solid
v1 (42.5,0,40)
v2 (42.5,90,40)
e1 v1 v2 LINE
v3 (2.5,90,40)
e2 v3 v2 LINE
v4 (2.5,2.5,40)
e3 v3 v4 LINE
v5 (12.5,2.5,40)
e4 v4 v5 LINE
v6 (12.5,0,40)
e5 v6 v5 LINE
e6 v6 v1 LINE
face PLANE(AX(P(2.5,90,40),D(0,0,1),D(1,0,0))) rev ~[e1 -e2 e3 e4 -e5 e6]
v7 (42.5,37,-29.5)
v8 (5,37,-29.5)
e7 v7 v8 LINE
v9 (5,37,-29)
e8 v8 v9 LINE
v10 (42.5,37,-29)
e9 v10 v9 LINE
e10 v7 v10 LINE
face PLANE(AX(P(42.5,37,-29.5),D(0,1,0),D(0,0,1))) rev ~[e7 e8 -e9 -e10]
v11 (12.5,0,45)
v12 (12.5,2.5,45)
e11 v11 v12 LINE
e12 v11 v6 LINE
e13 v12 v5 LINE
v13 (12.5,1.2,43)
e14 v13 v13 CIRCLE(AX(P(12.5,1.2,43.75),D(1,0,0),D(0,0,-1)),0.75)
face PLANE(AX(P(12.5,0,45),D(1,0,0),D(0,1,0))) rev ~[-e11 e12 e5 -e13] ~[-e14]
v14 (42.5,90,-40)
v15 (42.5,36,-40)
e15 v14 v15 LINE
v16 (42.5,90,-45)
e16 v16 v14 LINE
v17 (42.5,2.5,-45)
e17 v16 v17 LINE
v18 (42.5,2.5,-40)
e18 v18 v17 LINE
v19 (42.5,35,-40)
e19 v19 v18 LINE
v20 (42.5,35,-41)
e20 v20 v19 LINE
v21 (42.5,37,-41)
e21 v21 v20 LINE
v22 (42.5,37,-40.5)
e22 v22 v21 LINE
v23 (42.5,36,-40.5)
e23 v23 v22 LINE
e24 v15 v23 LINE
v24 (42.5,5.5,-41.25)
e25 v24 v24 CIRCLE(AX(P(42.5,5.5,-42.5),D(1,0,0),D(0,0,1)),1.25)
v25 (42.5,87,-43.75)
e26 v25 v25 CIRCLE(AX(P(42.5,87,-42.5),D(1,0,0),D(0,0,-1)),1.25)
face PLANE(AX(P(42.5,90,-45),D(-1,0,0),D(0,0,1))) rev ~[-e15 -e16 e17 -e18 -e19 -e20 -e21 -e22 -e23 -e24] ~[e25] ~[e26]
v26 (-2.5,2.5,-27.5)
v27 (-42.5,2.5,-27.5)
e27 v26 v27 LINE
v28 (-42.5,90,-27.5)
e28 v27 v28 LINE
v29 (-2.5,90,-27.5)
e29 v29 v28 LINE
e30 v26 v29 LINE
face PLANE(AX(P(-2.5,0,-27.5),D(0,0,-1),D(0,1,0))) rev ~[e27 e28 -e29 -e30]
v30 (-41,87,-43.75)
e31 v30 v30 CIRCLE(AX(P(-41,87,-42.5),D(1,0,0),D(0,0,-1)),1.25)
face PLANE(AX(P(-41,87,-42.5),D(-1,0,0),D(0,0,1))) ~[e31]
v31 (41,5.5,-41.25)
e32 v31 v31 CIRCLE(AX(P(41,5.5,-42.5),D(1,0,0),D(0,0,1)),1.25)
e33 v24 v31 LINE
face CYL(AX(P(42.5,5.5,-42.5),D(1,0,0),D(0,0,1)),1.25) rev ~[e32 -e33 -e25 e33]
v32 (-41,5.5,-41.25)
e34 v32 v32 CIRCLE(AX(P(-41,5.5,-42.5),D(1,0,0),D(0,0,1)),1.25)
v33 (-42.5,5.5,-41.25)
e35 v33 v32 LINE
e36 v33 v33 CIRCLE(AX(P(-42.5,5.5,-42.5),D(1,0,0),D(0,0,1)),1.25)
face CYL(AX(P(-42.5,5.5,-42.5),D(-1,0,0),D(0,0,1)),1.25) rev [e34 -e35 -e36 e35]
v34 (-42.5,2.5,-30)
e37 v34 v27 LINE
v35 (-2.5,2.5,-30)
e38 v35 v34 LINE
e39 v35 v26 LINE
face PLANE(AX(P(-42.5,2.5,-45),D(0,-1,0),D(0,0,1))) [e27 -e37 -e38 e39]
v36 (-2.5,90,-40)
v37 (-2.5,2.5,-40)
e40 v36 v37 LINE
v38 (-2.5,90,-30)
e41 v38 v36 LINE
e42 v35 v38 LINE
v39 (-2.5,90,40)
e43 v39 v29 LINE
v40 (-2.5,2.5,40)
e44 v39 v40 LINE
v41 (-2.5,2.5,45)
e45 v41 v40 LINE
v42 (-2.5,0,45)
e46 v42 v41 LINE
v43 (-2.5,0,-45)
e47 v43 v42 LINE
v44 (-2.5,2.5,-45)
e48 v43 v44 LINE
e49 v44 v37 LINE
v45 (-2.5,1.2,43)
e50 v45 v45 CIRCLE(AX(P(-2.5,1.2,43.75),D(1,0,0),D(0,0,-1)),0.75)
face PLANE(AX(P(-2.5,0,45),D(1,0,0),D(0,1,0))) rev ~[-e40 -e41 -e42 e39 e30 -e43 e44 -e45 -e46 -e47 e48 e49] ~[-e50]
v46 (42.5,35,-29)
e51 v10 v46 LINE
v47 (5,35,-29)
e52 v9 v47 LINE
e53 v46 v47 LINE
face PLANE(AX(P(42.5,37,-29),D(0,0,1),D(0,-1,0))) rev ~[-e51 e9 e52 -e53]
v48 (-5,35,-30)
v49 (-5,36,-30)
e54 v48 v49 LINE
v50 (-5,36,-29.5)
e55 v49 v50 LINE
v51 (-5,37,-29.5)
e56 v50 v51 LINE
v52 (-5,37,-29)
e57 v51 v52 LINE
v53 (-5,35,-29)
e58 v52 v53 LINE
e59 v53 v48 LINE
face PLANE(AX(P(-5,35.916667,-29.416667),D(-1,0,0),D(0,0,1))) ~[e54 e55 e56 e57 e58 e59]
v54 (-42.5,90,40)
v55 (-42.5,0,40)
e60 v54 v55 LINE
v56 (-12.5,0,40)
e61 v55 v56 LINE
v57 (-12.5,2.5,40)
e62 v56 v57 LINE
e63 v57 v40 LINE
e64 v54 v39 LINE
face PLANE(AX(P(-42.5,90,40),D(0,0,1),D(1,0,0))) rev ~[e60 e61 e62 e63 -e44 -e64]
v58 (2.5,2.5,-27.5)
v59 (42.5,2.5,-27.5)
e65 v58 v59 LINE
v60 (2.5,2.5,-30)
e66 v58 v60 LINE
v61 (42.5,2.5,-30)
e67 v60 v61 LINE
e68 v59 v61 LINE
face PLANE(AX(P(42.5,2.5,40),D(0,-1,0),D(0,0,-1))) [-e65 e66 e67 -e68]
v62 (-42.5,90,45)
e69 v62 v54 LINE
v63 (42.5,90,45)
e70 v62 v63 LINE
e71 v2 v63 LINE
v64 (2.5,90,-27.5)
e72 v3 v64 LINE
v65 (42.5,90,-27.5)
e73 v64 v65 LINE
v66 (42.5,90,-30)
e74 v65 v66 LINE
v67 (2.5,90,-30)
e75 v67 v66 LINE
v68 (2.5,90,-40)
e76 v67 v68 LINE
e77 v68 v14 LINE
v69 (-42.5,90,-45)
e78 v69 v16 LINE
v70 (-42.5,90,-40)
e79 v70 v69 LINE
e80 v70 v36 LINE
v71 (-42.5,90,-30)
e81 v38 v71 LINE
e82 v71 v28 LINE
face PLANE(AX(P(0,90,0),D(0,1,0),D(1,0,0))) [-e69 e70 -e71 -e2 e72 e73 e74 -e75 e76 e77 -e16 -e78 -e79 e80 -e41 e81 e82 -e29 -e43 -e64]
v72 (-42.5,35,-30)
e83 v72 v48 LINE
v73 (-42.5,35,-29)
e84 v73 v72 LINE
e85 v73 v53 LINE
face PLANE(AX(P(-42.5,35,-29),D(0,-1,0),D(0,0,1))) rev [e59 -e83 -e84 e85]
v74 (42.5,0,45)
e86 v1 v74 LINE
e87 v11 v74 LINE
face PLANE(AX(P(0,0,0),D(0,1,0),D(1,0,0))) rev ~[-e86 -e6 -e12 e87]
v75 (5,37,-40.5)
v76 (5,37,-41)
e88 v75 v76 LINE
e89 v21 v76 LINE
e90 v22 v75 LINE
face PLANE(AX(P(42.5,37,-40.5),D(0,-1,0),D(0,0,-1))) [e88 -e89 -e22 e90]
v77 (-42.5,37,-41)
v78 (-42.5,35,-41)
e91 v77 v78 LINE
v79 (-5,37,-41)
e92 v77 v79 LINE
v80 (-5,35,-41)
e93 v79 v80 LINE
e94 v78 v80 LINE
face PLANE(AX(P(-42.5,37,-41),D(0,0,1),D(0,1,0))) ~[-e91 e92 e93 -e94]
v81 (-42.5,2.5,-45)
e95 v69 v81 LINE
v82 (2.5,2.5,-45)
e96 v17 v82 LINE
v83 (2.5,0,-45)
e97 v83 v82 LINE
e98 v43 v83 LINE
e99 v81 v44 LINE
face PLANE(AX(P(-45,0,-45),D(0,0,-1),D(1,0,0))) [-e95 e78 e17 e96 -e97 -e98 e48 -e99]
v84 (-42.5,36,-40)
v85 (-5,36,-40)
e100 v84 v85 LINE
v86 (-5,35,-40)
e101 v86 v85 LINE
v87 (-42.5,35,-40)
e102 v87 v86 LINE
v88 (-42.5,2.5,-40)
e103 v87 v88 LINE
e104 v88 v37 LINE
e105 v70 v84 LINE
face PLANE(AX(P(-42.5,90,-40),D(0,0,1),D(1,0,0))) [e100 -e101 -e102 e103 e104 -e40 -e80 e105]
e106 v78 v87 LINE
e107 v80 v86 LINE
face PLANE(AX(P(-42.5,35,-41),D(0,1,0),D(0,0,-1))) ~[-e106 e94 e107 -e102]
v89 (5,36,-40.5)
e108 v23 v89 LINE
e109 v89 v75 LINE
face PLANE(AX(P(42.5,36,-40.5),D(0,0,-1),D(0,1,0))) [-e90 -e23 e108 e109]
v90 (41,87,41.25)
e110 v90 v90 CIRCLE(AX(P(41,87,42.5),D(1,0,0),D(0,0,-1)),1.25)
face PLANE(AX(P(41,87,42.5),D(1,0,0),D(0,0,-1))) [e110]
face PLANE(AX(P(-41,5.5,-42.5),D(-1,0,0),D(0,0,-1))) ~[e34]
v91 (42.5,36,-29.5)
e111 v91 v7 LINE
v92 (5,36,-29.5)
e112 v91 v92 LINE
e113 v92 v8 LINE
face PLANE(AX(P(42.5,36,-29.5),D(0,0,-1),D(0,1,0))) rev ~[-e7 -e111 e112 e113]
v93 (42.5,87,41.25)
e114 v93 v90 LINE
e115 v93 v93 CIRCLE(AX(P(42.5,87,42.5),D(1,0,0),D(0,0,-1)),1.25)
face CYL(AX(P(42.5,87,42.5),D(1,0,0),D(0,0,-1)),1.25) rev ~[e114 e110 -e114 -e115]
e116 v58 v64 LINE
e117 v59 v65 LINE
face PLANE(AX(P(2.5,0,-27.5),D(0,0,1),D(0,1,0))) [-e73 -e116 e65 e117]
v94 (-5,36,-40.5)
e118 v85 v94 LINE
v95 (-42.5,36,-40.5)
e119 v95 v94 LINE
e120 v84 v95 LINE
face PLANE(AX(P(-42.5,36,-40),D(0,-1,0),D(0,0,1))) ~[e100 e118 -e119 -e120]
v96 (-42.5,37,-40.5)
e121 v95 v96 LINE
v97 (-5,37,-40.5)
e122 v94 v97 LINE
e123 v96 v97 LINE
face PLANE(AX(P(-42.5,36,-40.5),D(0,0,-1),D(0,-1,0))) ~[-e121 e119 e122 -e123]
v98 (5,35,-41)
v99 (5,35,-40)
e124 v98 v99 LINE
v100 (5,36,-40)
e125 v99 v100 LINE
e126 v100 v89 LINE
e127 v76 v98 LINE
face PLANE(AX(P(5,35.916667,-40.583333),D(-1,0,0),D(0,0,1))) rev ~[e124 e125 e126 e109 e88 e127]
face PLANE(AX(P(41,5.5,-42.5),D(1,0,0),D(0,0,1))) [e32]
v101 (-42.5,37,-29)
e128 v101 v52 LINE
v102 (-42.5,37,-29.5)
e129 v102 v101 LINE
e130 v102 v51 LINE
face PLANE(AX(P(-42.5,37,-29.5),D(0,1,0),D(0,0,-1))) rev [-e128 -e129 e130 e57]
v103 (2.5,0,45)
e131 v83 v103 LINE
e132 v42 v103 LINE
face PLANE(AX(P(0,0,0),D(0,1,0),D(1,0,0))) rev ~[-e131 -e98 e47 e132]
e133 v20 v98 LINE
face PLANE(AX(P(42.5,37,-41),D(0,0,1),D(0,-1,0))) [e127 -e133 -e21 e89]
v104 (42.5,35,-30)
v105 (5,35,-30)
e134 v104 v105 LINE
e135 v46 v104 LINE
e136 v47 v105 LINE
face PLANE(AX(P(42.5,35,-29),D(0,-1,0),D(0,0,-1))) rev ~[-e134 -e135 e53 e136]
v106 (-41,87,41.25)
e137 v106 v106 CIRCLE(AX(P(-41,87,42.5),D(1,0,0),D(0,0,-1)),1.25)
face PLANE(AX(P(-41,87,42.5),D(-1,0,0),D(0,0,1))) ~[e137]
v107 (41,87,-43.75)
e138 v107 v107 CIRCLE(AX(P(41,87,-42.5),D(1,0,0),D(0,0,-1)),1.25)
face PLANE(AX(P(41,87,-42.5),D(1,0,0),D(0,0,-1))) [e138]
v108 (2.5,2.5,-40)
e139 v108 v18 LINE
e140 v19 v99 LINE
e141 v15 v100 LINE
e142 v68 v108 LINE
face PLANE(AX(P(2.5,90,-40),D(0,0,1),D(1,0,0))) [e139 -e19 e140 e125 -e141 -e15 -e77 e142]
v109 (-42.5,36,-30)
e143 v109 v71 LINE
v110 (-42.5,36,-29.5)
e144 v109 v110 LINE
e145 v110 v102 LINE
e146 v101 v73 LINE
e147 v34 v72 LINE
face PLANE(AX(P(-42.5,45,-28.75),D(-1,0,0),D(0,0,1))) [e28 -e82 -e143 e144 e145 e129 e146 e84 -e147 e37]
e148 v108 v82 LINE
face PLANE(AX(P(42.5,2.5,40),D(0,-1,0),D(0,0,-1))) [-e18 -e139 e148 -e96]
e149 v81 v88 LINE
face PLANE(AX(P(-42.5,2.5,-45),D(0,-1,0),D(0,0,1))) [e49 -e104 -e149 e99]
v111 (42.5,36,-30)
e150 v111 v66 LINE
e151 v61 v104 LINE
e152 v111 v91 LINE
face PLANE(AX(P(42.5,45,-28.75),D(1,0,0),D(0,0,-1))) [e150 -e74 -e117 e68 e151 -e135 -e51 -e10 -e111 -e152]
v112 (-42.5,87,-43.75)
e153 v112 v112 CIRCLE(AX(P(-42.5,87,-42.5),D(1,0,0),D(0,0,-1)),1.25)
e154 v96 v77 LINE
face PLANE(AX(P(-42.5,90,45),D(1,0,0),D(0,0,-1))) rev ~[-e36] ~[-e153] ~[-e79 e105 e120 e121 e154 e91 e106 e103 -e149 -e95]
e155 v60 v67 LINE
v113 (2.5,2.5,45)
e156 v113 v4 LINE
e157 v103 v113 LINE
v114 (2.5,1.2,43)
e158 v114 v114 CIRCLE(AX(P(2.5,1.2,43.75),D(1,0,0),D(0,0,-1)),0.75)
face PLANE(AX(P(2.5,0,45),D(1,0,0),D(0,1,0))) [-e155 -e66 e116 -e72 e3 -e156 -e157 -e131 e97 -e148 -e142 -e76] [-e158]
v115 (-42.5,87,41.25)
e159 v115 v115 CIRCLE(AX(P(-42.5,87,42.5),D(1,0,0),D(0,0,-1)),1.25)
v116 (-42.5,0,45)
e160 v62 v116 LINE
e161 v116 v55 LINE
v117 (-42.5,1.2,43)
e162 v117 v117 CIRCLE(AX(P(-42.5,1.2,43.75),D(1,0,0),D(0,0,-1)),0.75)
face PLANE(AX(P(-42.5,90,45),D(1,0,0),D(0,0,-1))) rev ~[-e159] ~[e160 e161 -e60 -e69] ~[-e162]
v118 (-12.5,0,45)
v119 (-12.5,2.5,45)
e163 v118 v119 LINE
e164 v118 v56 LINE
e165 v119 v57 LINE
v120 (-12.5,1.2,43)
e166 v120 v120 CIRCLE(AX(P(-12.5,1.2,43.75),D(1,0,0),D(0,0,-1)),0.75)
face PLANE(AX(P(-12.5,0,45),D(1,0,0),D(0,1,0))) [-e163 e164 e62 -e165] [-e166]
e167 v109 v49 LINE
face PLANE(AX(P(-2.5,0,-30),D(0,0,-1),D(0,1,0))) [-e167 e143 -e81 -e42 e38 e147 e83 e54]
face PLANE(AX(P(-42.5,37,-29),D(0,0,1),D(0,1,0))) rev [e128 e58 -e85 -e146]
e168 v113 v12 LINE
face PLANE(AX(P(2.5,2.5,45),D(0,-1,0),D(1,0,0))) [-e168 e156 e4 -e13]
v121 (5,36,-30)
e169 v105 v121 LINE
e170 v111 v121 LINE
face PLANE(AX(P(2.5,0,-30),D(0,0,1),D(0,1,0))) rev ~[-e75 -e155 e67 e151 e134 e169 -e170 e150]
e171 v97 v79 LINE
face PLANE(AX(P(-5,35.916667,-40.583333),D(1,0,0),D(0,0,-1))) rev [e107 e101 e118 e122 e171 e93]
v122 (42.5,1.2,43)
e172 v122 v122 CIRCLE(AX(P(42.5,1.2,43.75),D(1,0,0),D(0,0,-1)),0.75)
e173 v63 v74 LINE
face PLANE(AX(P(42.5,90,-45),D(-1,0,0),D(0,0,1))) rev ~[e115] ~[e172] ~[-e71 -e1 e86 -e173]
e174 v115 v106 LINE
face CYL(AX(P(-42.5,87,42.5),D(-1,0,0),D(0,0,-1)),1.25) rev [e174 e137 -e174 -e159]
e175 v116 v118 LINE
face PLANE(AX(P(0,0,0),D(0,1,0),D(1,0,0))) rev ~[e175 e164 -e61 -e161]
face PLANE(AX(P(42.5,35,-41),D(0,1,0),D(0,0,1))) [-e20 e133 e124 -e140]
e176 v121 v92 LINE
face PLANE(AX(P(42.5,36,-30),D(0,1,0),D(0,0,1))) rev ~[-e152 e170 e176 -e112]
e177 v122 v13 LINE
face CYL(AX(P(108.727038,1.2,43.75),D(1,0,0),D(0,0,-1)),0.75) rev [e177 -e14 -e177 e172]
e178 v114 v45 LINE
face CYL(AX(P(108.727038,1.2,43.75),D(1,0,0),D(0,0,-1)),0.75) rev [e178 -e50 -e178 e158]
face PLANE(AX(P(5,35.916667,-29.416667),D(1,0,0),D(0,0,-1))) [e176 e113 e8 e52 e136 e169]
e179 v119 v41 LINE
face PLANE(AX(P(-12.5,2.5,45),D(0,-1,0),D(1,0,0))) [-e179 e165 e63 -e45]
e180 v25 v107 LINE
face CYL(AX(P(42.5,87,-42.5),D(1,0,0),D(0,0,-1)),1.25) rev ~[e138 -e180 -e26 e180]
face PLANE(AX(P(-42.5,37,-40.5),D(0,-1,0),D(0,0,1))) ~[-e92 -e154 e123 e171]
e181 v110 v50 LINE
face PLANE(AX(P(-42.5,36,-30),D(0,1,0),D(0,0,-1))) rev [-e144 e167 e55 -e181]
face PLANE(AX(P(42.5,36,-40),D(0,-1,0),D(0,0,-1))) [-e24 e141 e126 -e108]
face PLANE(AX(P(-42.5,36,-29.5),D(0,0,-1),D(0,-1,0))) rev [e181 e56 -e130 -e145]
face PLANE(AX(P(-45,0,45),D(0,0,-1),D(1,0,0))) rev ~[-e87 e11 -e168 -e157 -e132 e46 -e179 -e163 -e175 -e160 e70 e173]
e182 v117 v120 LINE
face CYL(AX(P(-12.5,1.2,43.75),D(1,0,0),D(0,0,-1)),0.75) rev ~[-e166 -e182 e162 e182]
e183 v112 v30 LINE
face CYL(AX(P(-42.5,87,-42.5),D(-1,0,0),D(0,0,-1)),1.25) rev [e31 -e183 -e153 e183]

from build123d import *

# Parameters (mm, degrees)
SKETCH1_W                = 90
SKETCH1_H                = 90
BOSS_EXTRUDE1_DEPTH      = 90
SKETCH4_W                = 40
SKETCH4_H                = 80
CUT_EXTRUDE3_DEPTH       = 90
SKETCH6_W                = 10
SKETCH6_H                = 2.5
CUT_EXTRUDE5_DEPTH       = 10
CUT_EXTRUDE6_DEPTH       = 90
CUT_EXTRUDE7_DEPTH       = 90
SKETCH10_W               = 2.5
SKETCH10_H               = 90
BOSS_EXTRUDE2_DEPTH      = 40
SKETCH11_W               = 2.5
SKETCH11_H               = 90
BOSS_EXTRUDE3_DEPTH      = 40
CUT_EXTRUDE10_DEPTH      = 37.5
SKETCH16_R               = 0.75
CUT_EXTRUDE12_DEPTH      = 1.5
CUT_EXTRUDE13_DEPTH      = 111.227038425
CUT_EXTRUDE13_DEPTH_BACK = 111.227038425
SKETCH17_R               = 0.75
SKETCH21_W               = 85
SKETCH21_H               = 2.5
CUT_EXTRUDE14_DEPTH      = 40
SKETCH22_W               = 85
SKETCH22_H               = 2.5
CUT_EXTRUDE15_DEPTH      = 40
SKETCH23_R               = 1.25
CUT_EXTRUDE16_DEPTH      = 1.5
SKETCH24_R               = 1.25
CUT_EXTRUDE17_DEPTH      = 1.5


with BuildPart() as part:
    # Sketch1 → Boss-Extrude1 (new body)
    with BuildSketch(Plane(origin=(0, 0, 0), x_dir=(1, 0, 0), z_dir=(0, 1, 0))):
        Rectangle(SKETCH1_W, SKETCH1_H)
    extrude(amount=BOSS_EXTRUDE1_DEPTH)

    # Sketch4 → Cut-Extrude3 (cut)
    with BuildSketch(Plane(origin=(0, 90, 0), x_dir=(1, 0, 0), z_dir=(0, 1, 0))):
        with Locations((-22.5, 0)):
            Rectangle(SKETCH4_W, SKETCH4_H)
        with Locations((22.5, 0)):
            Rectangle(SKETCH4_W, SKETCH4_H)
    extrude(amount=-CUT_EXTRUDE3_DEPTH, mode=Mode.SUBTRACT)

    # Sketch6 → Cut-Extrude5 (cut)
    with BuildSketch(Plane.XY.offset(45)):
        with Locations((7.5, 1.25)):
            Rectangle(SKETCH6_W, SKETCH6_H)
        with Locations((-7.5, 1.25)):
            Rectangle(SKETCH6_W, SKETCH6_H)
    extrude(amount=-CUT_EXTRUDE5_DEPTH, mode=Mode.SUBTRACT)

    # Sketch7 → Cut-Extrude6 (cut)
    with BuildSketch(Plane(origin=(0, 90, 0), x_dir=(1, 0, 0), z_dir=(0, 1, 0))):
        Polygon((42.5, 40), (42.5, 45), (45, 45), (45, -45), (42.5, -45), (42.5, -40), align=None)
    extrude(amount=-CUT_EXTRUDE6_DEPTH, mode=Mode.SUBTRACT)

    # Sketch8 → Cut-Extrude7 (cut)
    with BuildSketch(Plane(origin=(0, 90, 0), x_dir=(1, 0, 0), z_dir=(0, 1, 0))):
        Polygon((-42.5, 40), (-42.5, 45), (-45, 45), (-45, -45), (-42.5, -45), (-42.5, -42.5), align=None)
    extrude(amount=-CUT_EXTRUDE7_DEPTH, mode=Mode.SUBTRACT)

    # Sketch10 → Boss-Extrude2 (add)
    with BuildSketch(Plane.ZY.offset(2.5)):
        with Locations((-28.75, 45)):
            Rectangle(SKETCH10_W, SKETCH10_H)
    extrude(amount=BOSS_EXTRUDE2_DEPTH)

    # Sketch11 → Boss-Extrude3 (add)
    with BuildSketch(Plane(origin=(2.5, 0, 0), x_dir=(0, 0, -1), z_dir=(1, 0, 0))):
        with Locations((28.75, 45)):
            Rectangle(SKETCH11_W, SKETCH11_H)
    extrude(amount=BOSS_EXTRUDE3_DEPTH)

    # Sketch13 → Cut-Extrude10 (cut)
    with BuildSketch(Plane(origin=(42.5, 0, 0), x_dir=(0, 0, -1), z_dir=(1, 0, 0))):
        Polygon((40, 36), (40.5, 36), (40.5, 37), (41, 37), (41, 35), (40, 35), align=None)
        Polygon((29, 35), (30, 35), (30, 36), (29.5, 36), (29.5, 37), (29, 37), align=None)
    cut_extrude10 = extrude(amount=-CUT_EXTRUDE10_DEPTH, mode=Mode.SUBTRACT)

    # Mirror1: Cut-Extrude10 across plane
    add(cut_extrude10.mirror(Plane.ZY), mode=Mode.SUBTRACT)

    # Sketch16 → Cut-Extrude12 (cut)
    with BuildSketch(Plane(origin=(-12.5, 0, 0), x_dir=(0, 0, -1), z_dir=(1, 0, 0))):
        with Locations((-43.75, 1.2)):
            Circle(SKETCH16_R)
    extrude(amount=-CUT_EXTRUDE12_DEPTH, mode=Mode.SUBTRACT)

    # Sketch17 → Cut-Extrude13 (cut, two sides: drawn at the far end of the back side and taken through both)
    with BuildSketch(Plane.ZY.offset(2.5).offset(-CUT_EXTRUDE13_DEPTH_BACK)):
        with Locations(Location((43.75, 1.2, 0), (0, 0, 180))):
            Circle(SKETCH17_R)
    extrude(amount=CUT_EXTRUDE13_DEPTH + CUT_EXTRUDE13_DEPTH_BACK, mode=Mode.SUBTRACT)

    # Sketch21 → Cut-Extrude14 (cut)
    with BuildSketch(Plane(origin=(42.5, 0, 0), x_dir=(0, 0, -1), z_dir=(1, 0, 0))):
        with Locations((2.5, 1.25)):
            Rectangle(SKETCH21_W, SKETCH21_H)
    extrude(amount=-CUT_EXTRUDE14_DEPTH, mode=Mode.SUBTRACT)

    # Sketch22 → Cut-Extrude15 (cut)
    with BuildSketch(Plane.ZY.offset(42.5)):
        with Locations((-2.5, 1.25)):
            Rectangle(SKETCH22_W, SKETCH22_H)
    extrude(amount=-CUT_EXTRUDE15_DEPTH, mode=Mode.SUBTRACT)

    # Sketch23 → Cut-Extrude16 (cut)
    with BuildSketch(Plane(origin=(42.5, 0, 0), x_dir=(0, 0, -1), z_dir=(1, 0, 0))):
        with Locations((42.5, 87)):
            Circle(SKETCH23_R)
        with Locations(Location((42.5, 5.5, 0), (0, 0, 180))):
            Circle(SKETCH23_R)
    cut_extrude16 = extrude(amount=-CUT_EXTRUDE16_DEPTH, mode=Mode.SUBTRACT)

    # Sketch24 → Cut-Extrude17 (cut)
    with BuildSketch(Plane(origin=(42.5, 0, 0), x_dir=(0, 0, -1), z_dir=(1, 0, 0))):
        with Locations((-42.5, 87)):
            Circle(SKETCH24_R)
    cut_extrude17 = extrude(amount=-CUT_EXTRUDE17_DEPTH, mode=Mode.SUBTRACT)

    # Mirror2: Cut-Extrude16, Cut-Extrude17 across plane
    add(cut_extrude16.mirror(Plane.ZY), mode=Mode.SUBTRACT)
    add(cut_extrude17.mirror(Plane.ZY), mode=Mode.SUBTRACT)


solid = part.part
